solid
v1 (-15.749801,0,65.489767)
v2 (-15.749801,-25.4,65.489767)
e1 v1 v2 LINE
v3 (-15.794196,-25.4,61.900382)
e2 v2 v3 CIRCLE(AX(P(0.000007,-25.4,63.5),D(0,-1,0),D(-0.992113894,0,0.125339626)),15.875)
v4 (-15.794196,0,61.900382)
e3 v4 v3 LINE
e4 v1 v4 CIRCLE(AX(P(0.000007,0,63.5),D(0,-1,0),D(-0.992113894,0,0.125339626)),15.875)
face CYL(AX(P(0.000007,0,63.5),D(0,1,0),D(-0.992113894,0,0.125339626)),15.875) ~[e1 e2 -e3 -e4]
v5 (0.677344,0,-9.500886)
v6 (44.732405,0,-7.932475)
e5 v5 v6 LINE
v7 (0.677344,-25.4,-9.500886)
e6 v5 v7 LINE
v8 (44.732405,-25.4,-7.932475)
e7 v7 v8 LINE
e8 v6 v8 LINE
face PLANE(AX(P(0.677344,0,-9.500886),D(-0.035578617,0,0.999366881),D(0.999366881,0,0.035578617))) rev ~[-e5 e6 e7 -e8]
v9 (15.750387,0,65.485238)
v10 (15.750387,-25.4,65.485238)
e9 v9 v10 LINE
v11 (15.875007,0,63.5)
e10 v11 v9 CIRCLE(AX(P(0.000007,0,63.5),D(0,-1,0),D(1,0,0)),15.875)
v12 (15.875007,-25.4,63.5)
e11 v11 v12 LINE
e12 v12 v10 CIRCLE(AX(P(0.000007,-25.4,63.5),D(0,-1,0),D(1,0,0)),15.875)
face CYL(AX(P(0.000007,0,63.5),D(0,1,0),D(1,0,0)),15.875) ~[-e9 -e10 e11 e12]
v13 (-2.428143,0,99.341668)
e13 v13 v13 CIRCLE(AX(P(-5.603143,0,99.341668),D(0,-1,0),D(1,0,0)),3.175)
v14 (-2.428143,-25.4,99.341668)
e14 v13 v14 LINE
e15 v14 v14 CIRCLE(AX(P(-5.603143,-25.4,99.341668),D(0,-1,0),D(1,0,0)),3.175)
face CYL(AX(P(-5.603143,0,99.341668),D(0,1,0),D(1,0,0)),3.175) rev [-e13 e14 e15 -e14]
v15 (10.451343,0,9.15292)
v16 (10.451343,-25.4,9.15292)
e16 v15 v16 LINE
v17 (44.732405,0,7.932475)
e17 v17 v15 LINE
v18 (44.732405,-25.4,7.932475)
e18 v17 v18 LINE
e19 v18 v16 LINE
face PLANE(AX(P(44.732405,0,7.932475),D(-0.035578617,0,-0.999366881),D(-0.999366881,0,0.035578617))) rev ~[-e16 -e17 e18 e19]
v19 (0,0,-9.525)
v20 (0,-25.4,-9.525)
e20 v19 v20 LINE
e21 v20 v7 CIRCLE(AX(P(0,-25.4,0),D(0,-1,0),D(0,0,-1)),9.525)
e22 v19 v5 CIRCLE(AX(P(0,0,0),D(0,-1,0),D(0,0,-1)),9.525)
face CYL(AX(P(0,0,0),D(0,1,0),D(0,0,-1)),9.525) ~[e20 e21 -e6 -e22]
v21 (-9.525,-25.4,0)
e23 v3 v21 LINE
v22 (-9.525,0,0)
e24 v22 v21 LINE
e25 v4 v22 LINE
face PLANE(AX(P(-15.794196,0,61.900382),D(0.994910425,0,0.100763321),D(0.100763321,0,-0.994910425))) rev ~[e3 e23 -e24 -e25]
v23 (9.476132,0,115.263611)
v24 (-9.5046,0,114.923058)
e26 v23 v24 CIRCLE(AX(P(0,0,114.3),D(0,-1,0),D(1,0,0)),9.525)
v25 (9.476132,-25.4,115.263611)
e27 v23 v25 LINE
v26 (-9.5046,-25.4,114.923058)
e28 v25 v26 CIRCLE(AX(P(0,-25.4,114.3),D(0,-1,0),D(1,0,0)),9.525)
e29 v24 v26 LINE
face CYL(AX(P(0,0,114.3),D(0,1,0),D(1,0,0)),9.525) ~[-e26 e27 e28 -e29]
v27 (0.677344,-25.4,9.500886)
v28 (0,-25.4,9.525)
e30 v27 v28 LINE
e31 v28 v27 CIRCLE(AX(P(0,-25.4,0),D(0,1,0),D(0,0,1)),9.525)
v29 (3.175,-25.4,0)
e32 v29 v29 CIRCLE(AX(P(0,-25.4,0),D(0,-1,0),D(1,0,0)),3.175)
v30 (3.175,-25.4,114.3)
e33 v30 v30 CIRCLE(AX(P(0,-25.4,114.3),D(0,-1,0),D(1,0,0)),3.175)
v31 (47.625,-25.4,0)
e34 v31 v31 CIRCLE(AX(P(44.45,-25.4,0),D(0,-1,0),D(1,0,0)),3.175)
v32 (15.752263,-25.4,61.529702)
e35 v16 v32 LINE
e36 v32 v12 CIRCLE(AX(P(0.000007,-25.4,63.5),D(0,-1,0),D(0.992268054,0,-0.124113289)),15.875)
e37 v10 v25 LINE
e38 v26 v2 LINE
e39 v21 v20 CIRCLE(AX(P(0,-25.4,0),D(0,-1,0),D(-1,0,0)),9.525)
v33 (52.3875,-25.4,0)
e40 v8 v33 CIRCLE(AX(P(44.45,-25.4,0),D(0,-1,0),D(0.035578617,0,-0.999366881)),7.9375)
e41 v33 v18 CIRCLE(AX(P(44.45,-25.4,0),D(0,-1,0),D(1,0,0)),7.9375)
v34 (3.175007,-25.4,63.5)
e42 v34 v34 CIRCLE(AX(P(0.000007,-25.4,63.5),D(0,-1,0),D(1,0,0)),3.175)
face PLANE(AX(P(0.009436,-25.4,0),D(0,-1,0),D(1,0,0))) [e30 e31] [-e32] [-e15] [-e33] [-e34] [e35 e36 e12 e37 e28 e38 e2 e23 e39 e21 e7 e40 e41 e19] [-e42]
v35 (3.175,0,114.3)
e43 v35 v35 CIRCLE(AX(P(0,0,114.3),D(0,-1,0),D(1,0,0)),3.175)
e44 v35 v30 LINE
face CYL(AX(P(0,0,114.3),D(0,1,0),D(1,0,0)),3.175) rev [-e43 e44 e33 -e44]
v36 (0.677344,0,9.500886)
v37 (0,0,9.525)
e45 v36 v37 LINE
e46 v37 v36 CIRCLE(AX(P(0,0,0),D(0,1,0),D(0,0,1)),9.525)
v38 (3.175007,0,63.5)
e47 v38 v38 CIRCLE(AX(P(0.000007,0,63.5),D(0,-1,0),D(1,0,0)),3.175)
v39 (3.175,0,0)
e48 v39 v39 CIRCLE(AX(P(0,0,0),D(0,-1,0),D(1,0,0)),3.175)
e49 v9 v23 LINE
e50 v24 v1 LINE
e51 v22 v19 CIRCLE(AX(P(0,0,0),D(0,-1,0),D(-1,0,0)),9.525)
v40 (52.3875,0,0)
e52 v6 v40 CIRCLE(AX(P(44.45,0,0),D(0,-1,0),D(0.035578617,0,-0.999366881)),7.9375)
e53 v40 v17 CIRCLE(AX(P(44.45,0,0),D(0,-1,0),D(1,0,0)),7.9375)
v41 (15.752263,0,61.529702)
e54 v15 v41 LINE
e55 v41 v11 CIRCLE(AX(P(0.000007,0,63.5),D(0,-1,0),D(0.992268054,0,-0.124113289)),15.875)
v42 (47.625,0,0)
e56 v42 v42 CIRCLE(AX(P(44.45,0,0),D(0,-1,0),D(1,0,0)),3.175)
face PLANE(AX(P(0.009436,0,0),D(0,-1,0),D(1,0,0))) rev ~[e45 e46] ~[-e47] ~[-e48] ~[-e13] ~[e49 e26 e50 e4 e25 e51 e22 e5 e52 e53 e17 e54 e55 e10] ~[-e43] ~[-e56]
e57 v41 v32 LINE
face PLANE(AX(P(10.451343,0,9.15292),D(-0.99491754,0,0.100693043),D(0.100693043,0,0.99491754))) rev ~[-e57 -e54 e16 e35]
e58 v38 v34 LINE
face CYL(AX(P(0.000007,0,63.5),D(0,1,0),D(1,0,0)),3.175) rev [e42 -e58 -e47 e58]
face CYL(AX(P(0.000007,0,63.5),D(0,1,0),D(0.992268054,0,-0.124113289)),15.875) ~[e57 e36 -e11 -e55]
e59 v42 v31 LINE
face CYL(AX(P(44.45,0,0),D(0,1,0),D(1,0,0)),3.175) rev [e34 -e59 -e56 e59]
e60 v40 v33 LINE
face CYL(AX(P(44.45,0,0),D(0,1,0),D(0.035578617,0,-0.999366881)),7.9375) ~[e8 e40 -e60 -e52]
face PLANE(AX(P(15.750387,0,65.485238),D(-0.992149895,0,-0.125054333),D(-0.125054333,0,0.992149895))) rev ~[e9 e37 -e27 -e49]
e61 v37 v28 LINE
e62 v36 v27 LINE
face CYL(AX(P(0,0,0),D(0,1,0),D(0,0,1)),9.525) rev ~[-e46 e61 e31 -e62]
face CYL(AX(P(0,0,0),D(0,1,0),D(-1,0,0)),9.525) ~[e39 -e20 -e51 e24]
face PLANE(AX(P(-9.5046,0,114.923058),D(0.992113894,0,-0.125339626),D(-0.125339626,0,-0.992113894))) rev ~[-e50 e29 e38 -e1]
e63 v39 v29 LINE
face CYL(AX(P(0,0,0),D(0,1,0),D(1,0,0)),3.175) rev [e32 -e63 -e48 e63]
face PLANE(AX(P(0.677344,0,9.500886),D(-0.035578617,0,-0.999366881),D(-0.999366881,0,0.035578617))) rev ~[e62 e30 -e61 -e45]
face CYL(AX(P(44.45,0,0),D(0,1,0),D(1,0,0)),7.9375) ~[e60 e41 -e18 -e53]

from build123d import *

# Parameters (mm, degrees)
F0_R     = 3.175
F1_DEPTH = 25.4


with BuildPart() as f1:
    # F0 (on Front) → F1 (new body)
    with BuildSketch(Plane.XZ):
        with BuildLine():
            Line((0.6773435479, 9.500885786), (0, 9.525))
            ThreePointArc((0, 9.525), (-6.7351920908, 6.7351920908), (-9.525, 0))
            ThreePointArc((-9.525, 0), (-6.7351920908, -6.7351920908), (0, -9.525))
            Line((0, -9.525), (0.6773435479, -9.500885786))
            ThreePointArc((0.6773435479, -9.500885786), (6.9705567315, -6.4912990883), (9.525, 0))
            ThreePointArc((9.525, 0), (6.9705567315, 6.4912990883), (0.6773435479, 9.500885786))
        make_face()
        Circle(F0_R, mode=Mode.SUBTRACT)
        with BuildLine():
            ThreePointArc((-9.525, 0), (-6.7351920908, 6.7351920908), (0, 9.525))
            ThreePointArc((0, 9.525), (0.3388863295, 9.5189695375), (0.6773435479, 9.500885786))
            Line((0.6773435479, 9.500885786), (10.4513434813, 9.1529200793))
            Line((10.4513434813, 9.1529200793), (15.7522627132, 61.5297015358))
            ThreePointArc((15.7522627132, 61.5297015358), (-0.1865159815, 47.6260958159), (-15.7941956396, 61.9003822774))
            Line((-15.7941956396, 61.9003822774), (-9.525, 0))
        make_face()
        with BuildLine():
            Line((10.4513434813, 9.1529200793), (0.6773435479, 9.500885786))
            ThreePointArc((0.6773435479, 9.500885786), (6.9705567315, 6.4912990883), (9.525, 0))
            Line((9.525, 0), (10.4513434813, 9.1529200793))
        make_face()
        with BuildLine():
            Line((0.6773435479, -9.500885786), (0, -9.525))
            ThreePointArc((0, -9.525), (0.3388863295, -9.5189695375), (0.6773435479, -9.500885786))
        make_face()
        with BuildLine():
            ThreePointArc((-15.7498007105, 65.4897665669), (-15.8737785304, 63.696333282), (-15.7941956396, 61.9003822774))
            ThreePointArc((-15.7941956396, 61.9003822774), (-0.1865159815, 47.6260958159), (15.7522627132, 61.5297015358))
            ThreePointArc((15.7522627132, 61.5297015358), (15.8442914769, 62.5129409485), (15.8750073521, 63.5))
            ThreePointArc((15.8750073521, 63.5), (15.8438216155, 64.494572565), (15.7503869317, 65.4852375421))
            ThreePointArc((15.7503869317, 65.4852375421), (0.0022898231, 79.3749998359), (-15.7498007105, 65.4897665669))
        make_face()
        with Locations((7.3521e-06, 63.5)):
            Circle(F0_R, mode=Mode.SUBTRACT)
        with BuildLine():
            Line((10.4513434813, 9.1529200793), (9.525, 0))
            ThreePointArc((9.525, 0), (6.9705567315, -6.4912990883), (0.6773435479, -9.500885786))
            Line((0.6773435479, -9.500885786), (44.7324052746, -7.9324746146))
            ThreePointArc((44.7324052746, -7.9324746146), (36.5125, 0), (44.7324052746, 7.9324746146))
            Line((44.7324052746, 7.9324746146), (10.4513434813, 9.1529200793))
        make_face()
        with BuildLine():
            Line((-9.5046001494, 114.9230577828), (-15.7498007105, 65.4897665669))
            ThreePointArc((-15.7498007105, 65.4897665669), (0.0022898231, 79.3749998359), (15.7503869317, 65.4852375421))
            Line((15.7503869317, 65.4852375421), (9.4761320574, 115.2636110372))
            ThreePointArc((9.4761320574, 115.2636110372), (9.5127751694, 114.782424685), (9.525, 114.3))
            ThreePointArc((9.525, 114.3), (-0.3116958272, 104.7801013287), (-9.5046001494, 114.9230577828))
        make_face()
        with Locations((-5.6031434797, 99.3416681886)):
            Circle(F0_R, mode=Mode.SUBTRACT)
        with BuildLine():
            ThreePointArc((52.3875, 0), (50.1616327839, 5.5119104847), (44.7324052746, 7.9324746146))
            ThreePointArc((44.7324052746, 7.9324746146), (36.5125, 0), (44.7324052746, -7.9324746146))
            ThreePointArc((44.7324052746, -7.9324746146), (50.1616327839, -5.5119104847), (52.3875, 0))
        make_face()
        with Locations((44.45, 0)):
            Circle(F0_R, mode=Mode.SUBTRACT)
        with BuildLine():
            ThreePointArc((9.4761320574, 115.2636110372), (-0.1708705294, 123.8234672395), (-9.5046001494, 114.9230577828))
            ThreePointArc((-9.5046001494, 114.9230577828), (-0.3116958272, 104.7801013287), (9.525, 114.3))
            ThreePointArc((9.525, 114.3), (9.5127751694, 114.782424685), (9.4761320574, 115.2636110372))
        make_face()
        with Locations((0, 114.3)):
            Circle(F0_R, mode=Mode.SUBTRACT)
    extrude(amount=F1_DEPTH)


solid = f1.part
